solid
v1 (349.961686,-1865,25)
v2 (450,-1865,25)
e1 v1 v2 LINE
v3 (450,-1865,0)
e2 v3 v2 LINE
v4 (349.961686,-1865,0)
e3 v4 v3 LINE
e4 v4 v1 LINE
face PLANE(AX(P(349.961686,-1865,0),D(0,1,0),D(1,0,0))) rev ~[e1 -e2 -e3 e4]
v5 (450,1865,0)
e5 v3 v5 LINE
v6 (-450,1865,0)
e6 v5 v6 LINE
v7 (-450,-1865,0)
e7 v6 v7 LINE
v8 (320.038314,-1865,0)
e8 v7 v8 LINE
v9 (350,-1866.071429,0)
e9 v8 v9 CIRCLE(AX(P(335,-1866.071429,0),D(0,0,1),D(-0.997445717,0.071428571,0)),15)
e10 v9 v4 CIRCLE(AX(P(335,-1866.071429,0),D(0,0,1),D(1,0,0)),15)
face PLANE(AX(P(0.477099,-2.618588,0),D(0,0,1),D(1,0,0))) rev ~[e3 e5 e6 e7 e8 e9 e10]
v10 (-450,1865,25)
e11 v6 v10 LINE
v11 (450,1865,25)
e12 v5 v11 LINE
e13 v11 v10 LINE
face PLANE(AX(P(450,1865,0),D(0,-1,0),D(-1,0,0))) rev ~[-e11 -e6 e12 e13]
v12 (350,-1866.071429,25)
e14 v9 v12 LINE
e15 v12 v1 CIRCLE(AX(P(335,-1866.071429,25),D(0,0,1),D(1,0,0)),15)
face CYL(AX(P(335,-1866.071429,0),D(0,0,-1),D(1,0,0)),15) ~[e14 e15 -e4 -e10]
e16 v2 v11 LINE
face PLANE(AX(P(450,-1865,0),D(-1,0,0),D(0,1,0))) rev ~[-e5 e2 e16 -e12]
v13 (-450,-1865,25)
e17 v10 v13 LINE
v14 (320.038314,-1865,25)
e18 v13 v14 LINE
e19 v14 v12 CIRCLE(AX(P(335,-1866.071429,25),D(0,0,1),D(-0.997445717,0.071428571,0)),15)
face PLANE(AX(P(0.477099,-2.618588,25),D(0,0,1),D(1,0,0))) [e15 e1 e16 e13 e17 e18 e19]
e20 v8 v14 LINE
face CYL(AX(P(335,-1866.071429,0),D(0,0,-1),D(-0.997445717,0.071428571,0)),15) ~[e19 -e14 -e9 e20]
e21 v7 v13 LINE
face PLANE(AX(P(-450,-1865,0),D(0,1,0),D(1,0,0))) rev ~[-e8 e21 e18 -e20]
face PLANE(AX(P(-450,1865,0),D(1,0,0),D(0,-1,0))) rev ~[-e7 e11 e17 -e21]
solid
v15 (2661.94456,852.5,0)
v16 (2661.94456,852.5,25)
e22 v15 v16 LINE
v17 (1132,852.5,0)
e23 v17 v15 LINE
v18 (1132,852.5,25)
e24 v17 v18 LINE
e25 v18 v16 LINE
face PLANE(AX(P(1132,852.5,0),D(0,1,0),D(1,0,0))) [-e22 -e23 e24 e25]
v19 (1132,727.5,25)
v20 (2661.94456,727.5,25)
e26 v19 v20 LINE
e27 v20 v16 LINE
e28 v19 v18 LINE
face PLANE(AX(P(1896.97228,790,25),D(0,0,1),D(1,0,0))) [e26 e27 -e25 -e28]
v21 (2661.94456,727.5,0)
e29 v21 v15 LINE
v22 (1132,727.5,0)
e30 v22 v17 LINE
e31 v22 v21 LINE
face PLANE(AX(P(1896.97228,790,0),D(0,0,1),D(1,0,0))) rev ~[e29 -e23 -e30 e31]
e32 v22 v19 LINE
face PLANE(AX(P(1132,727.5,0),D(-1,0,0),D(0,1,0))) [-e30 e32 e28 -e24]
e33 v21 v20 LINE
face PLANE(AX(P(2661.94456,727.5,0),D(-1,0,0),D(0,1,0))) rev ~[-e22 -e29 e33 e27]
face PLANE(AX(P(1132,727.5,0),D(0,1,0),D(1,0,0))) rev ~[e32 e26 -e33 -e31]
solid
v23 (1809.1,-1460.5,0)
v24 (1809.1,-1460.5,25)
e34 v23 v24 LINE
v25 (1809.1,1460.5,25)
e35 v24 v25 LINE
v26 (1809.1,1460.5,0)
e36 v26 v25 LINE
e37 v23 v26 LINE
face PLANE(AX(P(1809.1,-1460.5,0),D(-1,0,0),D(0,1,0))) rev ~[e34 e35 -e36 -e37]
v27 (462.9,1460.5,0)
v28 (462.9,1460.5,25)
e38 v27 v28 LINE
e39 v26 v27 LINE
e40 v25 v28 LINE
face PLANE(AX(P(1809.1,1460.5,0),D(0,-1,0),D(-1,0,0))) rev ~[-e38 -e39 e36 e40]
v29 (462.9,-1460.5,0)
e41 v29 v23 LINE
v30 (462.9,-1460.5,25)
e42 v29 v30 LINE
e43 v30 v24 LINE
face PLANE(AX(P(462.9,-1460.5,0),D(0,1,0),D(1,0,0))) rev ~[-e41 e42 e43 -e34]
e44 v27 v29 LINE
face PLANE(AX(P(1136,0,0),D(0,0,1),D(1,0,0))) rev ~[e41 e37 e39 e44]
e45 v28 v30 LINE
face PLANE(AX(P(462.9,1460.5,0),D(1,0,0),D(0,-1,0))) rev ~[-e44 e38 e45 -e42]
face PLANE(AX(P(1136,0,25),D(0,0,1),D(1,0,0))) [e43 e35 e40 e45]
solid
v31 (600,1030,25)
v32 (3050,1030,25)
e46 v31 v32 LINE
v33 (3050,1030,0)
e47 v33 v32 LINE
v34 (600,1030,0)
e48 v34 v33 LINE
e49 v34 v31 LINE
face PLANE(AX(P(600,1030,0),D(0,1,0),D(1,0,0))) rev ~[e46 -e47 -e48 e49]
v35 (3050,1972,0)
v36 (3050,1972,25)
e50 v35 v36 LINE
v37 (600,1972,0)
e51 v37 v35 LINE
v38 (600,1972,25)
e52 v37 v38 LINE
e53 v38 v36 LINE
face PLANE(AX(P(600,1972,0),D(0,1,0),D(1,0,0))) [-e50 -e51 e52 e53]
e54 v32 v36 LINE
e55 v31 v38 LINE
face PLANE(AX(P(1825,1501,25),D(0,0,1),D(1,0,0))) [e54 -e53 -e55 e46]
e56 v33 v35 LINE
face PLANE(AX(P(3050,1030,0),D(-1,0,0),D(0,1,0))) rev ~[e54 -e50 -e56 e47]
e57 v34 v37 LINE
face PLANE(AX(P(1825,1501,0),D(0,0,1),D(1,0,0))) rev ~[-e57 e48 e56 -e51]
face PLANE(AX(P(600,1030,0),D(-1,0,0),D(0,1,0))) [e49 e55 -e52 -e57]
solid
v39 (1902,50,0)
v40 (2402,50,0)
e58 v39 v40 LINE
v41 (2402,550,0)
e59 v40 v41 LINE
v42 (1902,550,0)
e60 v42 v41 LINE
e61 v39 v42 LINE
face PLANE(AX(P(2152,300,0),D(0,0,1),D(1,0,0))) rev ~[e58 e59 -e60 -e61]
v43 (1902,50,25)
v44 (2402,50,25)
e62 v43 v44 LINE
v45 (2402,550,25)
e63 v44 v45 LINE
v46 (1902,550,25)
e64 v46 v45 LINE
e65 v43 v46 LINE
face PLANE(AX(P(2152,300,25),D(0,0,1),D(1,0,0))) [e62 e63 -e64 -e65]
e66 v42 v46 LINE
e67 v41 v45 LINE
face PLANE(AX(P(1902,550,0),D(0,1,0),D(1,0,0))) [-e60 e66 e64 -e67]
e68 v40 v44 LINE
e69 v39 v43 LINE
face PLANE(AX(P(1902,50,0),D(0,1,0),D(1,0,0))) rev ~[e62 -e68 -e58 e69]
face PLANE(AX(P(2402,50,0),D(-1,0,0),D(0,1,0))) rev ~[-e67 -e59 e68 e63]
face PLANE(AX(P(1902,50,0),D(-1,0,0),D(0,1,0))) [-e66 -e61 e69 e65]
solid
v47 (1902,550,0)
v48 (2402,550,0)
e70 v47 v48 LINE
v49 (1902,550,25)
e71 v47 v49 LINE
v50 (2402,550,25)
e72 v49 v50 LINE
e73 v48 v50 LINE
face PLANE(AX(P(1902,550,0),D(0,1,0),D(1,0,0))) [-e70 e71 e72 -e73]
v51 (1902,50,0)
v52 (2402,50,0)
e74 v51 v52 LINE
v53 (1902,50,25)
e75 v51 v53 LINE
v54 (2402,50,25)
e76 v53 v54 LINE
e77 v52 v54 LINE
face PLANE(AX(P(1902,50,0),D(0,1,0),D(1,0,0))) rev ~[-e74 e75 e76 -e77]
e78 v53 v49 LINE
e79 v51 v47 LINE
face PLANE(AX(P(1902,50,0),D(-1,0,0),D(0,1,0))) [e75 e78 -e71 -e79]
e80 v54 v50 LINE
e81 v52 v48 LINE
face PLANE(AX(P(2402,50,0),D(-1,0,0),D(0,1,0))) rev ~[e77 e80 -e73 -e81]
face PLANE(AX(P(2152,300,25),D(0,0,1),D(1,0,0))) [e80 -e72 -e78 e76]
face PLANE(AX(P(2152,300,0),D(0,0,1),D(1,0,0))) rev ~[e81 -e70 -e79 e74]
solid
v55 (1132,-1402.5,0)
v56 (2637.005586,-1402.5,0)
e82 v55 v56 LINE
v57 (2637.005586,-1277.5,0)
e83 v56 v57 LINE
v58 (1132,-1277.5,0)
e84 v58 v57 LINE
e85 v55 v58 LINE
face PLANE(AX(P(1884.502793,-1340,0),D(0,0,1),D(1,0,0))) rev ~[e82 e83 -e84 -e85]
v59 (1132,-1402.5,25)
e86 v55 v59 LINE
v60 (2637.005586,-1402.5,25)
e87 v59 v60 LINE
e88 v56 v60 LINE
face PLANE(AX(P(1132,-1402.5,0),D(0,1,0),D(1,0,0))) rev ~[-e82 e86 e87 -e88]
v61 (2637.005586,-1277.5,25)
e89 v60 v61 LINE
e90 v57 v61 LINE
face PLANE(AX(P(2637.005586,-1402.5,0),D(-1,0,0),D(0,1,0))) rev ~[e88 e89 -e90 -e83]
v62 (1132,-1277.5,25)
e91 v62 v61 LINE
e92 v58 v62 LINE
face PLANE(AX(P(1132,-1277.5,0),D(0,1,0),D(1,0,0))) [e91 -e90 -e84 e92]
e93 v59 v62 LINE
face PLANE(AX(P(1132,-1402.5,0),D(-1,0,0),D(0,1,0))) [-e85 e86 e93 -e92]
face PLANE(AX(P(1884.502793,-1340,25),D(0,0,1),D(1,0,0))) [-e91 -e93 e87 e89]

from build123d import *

# Parameters (mm, degrees)
F2_DEPTH = 25
F0_W     = 500
F0_H     = 500
F1_W     = 2450
F1_H     = 942
F1_W_2   = 1505.0055859834
F1_H_2   = 125
F1_R     = 15
F1_W_3   = 1529.9445597557
F1_W_4   = 500
F1_H_3   = 500


with BuildPart() as f2:
    # F0 (on Top) → F2 (new body)
    with BuildSketch(Plane.XY):
        Polygon((462.9, 1460.5), (462.9, 0), (462.9, -1460.5), (1809.1, -1460.5), (1809.1, 1460.5), align=None)
    extrude(amount=F2_DEPTH)


with BuildPart() as f2b:
    # F0 (on Top) → F2, piece 2 (new body)
    with BuildSketch(Plane.XY):
        with Locations((2152, 300)):
            Rectangle(F0_W, F0_H)
    extrude(amount=F2_DEPTH)


with BuildPart() as f2c:
    # F1 (on Top) → F2, piece 3 (new body)
    with BuildSketch(Plane.XY):
        with Locations((1825, 1501)):
            Rectangle(F1_W, F1_H)
    extrude(amount=F2_DEPTH)


with BuildPart() as f2d:
    # F1 (on Top) → F2, piece 4 (new body)
    with BuildSketch(Plane.XY):
        with BuildLine():
            Line((349.9616857612, -1865), (450, -1865))
            Line((450, -1865), (450, 1865))
            Line((450, 1865), (-450, 1865))
            Line((-450, 1865), (-450, 0))
            Line((-450, 0), (-450, -1865))
            Line((-450, -1865), (320.0383142388, -1865))
            ThreePointArc((320.0383142388, -1865), (335, -1851.0714285714), (349.9616857612, -1865))
        make_face()
        with BuildLine():
            ThreePointArc((350, -1866.0714285714), (349.99041838, -1865.5353718663), (349.9616857612, -1865))
            Line((349.9616857612, -1865), (320.0383142388, -1865))
            ThreePointArc((320.0383142388, -1865), (334.4639432948, -1881.0618469515), (350, -1866.0714285714))
        make_face()
        with BuildLine():
            Line((320.0383142388, -1865), (349.9616857612, -1865))
            ThreePointArc((349.9616857612, -1865), (335, -1851.0714285714), (320.0383142388, -1865))
        make_face()
    extrude(amount=F2_DEPTH)


with BuildPart() as f2e:
    # F1 (on Top) → F2, piece 5 (new body)
    with BuildSketch(Plane.XY):
        with Locations((1884.5027929917, -1340)):
            Rectangle(F1_W_2, F1_H_2)
        with Locations((1202, -1340)):
            Circle(F1_R, mode=Mode.SUBTRACT)
        with Locations((1202, -1340)):
            Circle(F1_R)
    extrude(amount=F2_DEPTH)


with BuildPart() as f2f:
    # F1 (on Top) → F2, piece 6 (new body)
    with BuildSketch(Plane.XY):
        with Locations((1896.9722798778, 790)):
            Rectangle(F1_W_3, F1_H_2)
        with Locations((1202, 790)):
            Circle(F1_R, mode=Mode.SUBTRACT)
        with Locations((1202, 790)):
            Circle(F1_R)
    extrude(amount=F2_DEPTH)


with BuildPart() as f2g:
    # F1 (on Top) → F2, piece 7 (new body)
    with BuildSketch(Plane.XY):
        with Locations((2152, 300)):
            Rectangle(F1_W_4, F1_H_3)
    extrude(amount=F2_DEPTH)


solid = Compound([f2.part, f2b.part, f2c.part, f2d.part, f2e.part, f2f.part, f2g.part])
